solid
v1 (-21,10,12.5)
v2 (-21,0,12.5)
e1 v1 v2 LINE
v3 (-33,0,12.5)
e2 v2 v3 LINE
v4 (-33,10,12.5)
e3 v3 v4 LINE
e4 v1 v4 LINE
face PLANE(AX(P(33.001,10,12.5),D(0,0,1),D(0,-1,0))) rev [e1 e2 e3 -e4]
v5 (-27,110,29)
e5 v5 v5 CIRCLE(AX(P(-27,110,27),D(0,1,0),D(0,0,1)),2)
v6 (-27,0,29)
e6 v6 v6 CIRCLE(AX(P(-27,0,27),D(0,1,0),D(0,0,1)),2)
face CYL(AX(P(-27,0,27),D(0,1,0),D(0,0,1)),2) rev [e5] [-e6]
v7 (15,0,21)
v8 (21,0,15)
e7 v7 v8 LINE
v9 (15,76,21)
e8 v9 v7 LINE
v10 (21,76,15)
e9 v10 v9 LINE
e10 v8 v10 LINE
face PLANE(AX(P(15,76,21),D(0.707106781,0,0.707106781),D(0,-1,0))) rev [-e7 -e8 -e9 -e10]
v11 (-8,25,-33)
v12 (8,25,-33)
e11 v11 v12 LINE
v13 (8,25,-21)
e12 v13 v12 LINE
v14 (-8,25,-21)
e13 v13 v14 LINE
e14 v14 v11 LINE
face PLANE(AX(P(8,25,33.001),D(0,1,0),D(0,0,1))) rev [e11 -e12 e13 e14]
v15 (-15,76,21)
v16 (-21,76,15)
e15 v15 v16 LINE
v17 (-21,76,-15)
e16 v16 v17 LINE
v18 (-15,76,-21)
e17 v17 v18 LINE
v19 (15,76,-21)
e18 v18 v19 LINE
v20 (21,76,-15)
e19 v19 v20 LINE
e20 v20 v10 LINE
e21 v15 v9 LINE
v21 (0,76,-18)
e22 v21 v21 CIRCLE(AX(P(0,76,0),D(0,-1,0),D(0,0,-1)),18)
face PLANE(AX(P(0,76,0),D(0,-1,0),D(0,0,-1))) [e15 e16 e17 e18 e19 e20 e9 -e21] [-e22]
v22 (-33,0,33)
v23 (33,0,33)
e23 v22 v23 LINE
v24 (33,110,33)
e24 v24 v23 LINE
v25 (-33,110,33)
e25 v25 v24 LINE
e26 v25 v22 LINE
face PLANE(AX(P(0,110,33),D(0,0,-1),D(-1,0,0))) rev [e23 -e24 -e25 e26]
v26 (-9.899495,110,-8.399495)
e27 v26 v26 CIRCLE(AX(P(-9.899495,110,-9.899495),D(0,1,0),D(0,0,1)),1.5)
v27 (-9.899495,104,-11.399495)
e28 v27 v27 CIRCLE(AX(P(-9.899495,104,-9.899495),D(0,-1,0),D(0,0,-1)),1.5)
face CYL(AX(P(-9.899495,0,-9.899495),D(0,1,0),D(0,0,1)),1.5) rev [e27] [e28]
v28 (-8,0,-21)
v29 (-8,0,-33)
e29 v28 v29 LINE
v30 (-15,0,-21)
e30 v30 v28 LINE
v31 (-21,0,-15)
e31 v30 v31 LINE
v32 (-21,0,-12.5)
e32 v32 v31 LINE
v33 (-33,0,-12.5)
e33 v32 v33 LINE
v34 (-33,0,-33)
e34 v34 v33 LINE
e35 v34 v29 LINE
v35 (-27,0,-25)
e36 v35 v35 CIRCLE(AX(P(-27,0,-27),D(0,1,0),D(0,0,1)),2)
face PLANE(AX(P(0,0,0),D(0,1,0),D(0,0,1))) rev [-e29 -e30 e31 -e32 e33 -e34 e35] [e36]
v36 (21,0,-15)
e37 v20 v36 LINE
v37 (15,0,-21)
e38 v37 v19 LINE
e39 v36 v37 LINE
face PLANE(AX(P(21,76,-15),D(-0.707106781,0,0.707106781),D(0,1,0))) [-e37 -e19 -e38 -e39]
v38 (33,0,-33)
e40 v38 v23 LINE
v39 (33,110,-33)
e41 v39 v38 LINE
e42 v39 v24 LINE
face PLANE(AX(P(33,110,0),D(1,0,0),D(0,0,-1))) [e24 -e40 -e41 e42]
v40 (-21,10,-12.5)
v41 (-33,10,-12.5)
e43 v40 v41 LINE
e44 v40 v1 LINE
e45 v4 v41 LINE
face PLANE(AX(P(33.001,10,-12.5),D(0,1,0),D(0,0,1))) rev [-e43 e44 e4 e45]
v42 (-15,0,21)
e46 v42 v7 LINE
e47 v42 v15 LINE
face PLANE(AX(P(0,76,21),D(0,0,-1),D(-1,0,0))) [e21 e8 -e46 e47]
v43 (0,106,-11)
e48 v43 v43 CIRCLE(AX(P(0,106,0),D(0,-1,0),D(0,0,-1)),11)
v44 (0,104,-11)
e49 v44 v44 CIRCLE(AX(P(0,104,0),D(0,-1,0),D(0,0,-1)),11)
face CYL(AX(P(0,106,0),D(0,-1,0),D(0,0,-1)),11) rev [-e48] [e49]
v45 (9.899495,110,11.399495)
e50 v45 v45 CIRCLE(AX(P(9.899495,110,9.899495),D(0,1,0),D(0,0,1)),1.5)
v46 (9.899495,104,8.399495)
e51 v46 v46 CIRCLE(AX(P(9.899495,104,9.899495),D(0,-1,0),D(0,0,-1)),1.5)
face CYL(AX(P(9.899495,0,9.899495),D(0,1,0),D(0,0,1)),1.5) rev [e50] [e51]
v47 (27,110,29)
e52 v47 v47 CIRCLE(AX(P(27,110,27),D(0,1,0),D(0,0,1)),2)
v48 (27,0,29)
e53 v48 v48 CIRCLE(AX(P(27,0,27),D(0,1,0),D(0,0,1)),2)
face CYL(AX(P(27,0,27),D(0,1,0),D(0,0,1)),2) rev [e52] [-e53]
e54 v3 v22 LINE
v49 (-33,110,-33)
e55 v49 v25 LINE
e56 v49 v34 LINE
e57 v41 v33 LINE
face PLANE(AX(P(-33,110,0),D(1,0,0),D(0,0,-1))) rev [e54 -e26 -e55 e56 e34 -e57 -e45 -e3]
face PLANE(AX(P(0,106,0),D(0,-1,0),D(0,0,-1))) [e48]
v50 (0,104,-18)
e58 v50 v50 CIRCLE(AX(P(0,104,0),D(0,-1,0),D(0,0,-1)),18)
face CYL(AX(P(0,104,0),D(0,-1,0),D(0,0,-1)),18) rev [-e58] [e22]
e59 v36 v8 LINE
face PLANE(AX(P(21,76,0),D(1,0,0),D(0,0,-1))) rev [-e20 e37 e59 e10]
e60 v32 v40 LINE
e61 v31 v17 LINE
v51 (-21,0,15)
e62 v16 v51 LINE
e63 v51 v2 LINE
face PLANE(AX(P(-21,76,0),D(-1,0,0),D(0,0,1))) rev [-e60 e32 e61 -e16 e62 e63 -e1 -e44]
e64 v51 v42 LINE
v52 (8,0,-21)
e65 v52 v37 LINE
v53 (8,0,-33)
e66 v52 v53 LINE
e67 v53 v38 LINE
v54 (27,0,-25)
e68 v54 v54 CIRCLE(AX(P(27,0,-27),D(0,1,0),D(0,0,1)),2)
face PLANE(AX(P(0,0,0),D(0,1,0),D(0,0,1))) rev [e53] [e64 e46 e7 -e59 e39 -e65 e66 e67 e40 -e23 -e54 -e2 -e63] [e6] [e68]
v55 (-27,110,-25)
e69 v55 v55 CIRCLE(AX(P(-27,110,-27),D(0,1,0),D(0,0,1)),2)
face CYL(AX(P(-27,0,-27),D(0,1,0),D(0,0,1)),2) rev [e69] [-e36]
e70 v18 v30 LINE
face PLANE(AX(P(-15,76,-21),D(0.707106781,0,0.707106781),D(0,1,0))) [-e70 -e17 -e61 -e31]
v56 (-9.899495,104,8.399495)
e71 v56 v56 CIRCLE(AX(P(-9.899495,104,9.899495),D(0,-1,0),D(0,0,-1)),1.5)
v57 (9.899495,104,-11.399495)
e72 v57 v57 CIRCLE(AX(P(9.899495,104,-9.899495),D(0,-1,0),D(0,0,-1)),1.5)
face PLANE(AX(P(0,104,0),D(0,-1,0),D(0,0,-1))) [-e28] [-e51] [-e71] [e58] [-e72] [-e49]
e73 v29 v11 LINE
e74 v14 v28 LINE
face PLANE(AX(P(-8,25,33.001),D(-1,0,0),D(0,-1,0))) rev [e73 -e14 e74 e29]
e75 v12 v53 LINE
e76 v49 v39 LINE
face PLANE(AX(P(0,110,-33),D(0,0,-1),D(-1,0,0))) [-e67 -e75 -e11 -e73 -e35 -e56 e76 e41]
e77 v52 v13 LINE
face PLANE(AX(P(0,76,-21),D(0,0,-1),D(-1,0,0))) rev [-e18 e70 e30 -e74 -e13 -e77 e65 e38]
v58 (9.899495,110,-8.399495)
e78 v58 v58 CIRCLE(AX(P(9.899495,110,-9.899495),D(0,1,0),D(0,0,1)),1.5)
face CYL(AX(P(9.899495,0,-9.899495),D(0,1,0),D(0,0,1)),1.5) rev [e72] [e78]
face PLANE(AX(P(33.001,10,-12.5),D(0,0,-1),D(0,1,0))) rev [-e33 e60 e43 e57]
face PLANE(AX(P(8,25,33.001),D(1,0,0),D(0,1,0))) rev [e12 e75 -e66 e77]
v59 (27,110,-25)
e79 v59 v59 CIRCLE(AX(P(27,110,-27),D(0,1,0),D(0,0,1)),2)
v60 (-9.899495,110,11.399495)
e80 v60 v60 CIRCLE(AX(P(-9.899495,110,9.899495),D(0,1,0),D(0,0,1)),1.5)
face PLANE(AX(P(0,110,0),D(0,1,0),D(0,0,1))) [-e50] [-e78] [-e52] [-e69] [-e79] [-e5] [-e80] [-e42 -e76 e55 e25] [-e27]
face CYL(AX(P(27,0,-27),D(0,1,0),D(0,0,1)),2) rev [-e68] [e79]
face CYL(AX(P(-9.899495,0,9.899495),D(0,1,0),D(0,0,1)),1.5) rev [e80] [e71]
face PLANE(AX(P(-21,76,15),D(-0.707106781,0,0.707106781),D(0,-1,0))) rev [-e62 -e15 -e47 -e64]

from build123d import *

# Parameters (mm, degrees)
SKETCH_1_W          = 66
SKETCH_1_H          = 66
SKETCH_1_W_2        = 42
SKETCH_1_H_2        = 42
EXTRUDE_1_DEPTH     = 110
SKETCH_2_W          = 42
SKETCH_2_H          = 42
CUT_EXTRUDE_1_DEPTH = 76
SKETCH_3_R          = 18
CUT_EXTRUDE_2_DEPTH = 28
SKETCH_4_R          = 11
CUT_EXTRUDE_3_DEPTH = 2
SKETCH_5_R          = 1.5
SKETCH_5_R_2        = 2
CUT_EXTRUDE_4_DEPTH = 120.490585403
CHAMFER_1_SIZE      = 6
CUT_EXTRUDE_5_REACH = 134.458
SKETCH_6_W          = 16
SKETCH_6_H          = 25
CUT_EXTRUDE_6_REACH = 134.458
SKETCH_7_W          = 25
SKETCH_7_H          = 10


with BuildPart() as part:
    # 草图1 → 凸台-拉伸1 (new body)
    # profile 1 of 2: a face of its own
    with BuildSketch(Plane(origin=(0, 0, 0), x_dir=(1, 0, 0), z_dir=(0, 1, 0))):
        Rectangle(SKETCH_1_W, SKETCH_1_H)
        Rectangle(SKETCH_1_W_2, SKETCH_1_H_2, mode=Mode.SUBTRACT)
    # profile 2 of 2: a face of its own
    with BuildSketch(Plane(origin=(0, 0, 0), x_dir=(1, 0, 0), z_dir=(0, 1, 0))):
        Rectangle(SKETCH_1_W_2, SKETCH_1_H_2)
    extrude(amount=EXTRUDE_1_DEPTH)

    # 草图2 → 切除-拉伸1 (cut)
    with BuildSketch(Plane.XZ):
        Rectangle(SKETCH_2_W, SKETCH_2_H)
    extrude(amount=-CUT_EXTRUDE_1_DEPTH, mode=Mode.SUBTRACT)

    # 草图3 → 切除-拉伸2 (cut)
    with BuildSketch(Plane.XZ.offset(-76)):
        with Locations(Location((0, 0, 0), (0, 0, 270))):
            Circle(SKETCH_3_R)
    extrude(amount=-CUT_EXTRUDE_2_DEPTH, mode=Mode.SUBTRACT)

    # 草图4 → 切除-拉伸3 (cut)
    with BuildSketch(Plane.XZ.offset(-104)):
        with Locations(Location((0, 0, 0), (0, 0, 270))):
            Circle(SKETCH_4_R)
    extrude(amount=-CUT_EXTRUDE_3_DEPTH, mode=Mode.SUBTRACT)

    # 草图5 → 切除-拉伸4 (cut, through all)
    with BuildSketch(Plane(origin=(0, 110, 0), x_dir=(1, 0, 0), z_dir=(0, 1, 0))):
        with Locations(Location((-9.899494937, 9.899494937, 0), (0, 0, 270))):
            Circle(SKETCH_5_R)
        with Locations(Location((9.899494937, 9.899494937, 0), (0, 0, 270))):
            Circle(SKETCH_5_R)
        with Locations(Location((9.899494937, -9.899494937, 0), (0, 0, 270))):
            Circle(SKETCH_5_R)
        with Locations(Location((-9.899494937, -9.899494937, 0), (0, 0, 270))):
            Circle(SKETCH_5_R)
        with Locations(Location((-27, 27, 0), (0, 0, 270))):
            Circle(SKETCH_5_R_2)
        with Locations(Location((27, 27, 0), (0, 0, 270))):
            Circle(SKETCH_5_R_2)
        with Locations(Location((-27, -27, 0), (0, 0, 270))):
            Circle(SKETCH_5_R_2)
        with Locations(Location((27, -27, 0), (0, 0, 270))):
            Circle(SKETCH_5_R_2)
    extrude(amount=-CUT_EXTRUDE_4_DEPTH, mode=Mode.SUBTRACT)

    # 倒角1
    chamfer_1_edges = [part.edges().sort_by_distance(p)[0] for p in [
        (21, 38, -21),
        (-21, 38, -21),
        (-21, 38, 21),
        (21, 38, 21),
    ]]
    chamfer(chamfer_1_edges, length=CHAMFER_1_SIZE)

    # 草图6 → 切除-拉伸5 (cut, up to next)
    with BuildSketch(Plane(origin=(0, 0, -33), x_dir=(-1, 0, 0), z_dir=(0, 0, -1)), mode=Mode.PRIVATE) as cut_extrude_5_sk1:
        with Locations((0, 12.5)):
            Rectangle(SKETCH_6_W, SKETCH_6_H)
    cut_extrude_5_tool1 = extrude(cut_extrude_5_sk1.sketch, amount=-CUT_EXTRUDE_5_REACH, mode=Mode.PRIVATE) & part.part
    add(cut_extrude_5_tool1.solids().sort_by_distance((0, 12.5, -33))[0], mode=Mode.SUBTRACT)

    # 草图7 → 切除-拉伸6 (cut, up to next)
    with BuildSketch(Plane.ZY.offset(33), mode=Mode.PRIVATE) as cut_extrude_6_sk1:
        with Locations((0, 5)):
            Rectangle(SKETCH_7_W, SKETCH_7_H)
    cut_extrude_6_tool1 = extrude(cut_extrude_6_sk1.sketch, amount=-CUT_EXTRUDE_6_REACH, mode=Mode.PRIVATE) & part.part
    add(cut_extrude_6_tool1.solids().sort_by_distance((-33, 5, 0))[0], mode=Mode.SUBTRACT)


solid = part.part
